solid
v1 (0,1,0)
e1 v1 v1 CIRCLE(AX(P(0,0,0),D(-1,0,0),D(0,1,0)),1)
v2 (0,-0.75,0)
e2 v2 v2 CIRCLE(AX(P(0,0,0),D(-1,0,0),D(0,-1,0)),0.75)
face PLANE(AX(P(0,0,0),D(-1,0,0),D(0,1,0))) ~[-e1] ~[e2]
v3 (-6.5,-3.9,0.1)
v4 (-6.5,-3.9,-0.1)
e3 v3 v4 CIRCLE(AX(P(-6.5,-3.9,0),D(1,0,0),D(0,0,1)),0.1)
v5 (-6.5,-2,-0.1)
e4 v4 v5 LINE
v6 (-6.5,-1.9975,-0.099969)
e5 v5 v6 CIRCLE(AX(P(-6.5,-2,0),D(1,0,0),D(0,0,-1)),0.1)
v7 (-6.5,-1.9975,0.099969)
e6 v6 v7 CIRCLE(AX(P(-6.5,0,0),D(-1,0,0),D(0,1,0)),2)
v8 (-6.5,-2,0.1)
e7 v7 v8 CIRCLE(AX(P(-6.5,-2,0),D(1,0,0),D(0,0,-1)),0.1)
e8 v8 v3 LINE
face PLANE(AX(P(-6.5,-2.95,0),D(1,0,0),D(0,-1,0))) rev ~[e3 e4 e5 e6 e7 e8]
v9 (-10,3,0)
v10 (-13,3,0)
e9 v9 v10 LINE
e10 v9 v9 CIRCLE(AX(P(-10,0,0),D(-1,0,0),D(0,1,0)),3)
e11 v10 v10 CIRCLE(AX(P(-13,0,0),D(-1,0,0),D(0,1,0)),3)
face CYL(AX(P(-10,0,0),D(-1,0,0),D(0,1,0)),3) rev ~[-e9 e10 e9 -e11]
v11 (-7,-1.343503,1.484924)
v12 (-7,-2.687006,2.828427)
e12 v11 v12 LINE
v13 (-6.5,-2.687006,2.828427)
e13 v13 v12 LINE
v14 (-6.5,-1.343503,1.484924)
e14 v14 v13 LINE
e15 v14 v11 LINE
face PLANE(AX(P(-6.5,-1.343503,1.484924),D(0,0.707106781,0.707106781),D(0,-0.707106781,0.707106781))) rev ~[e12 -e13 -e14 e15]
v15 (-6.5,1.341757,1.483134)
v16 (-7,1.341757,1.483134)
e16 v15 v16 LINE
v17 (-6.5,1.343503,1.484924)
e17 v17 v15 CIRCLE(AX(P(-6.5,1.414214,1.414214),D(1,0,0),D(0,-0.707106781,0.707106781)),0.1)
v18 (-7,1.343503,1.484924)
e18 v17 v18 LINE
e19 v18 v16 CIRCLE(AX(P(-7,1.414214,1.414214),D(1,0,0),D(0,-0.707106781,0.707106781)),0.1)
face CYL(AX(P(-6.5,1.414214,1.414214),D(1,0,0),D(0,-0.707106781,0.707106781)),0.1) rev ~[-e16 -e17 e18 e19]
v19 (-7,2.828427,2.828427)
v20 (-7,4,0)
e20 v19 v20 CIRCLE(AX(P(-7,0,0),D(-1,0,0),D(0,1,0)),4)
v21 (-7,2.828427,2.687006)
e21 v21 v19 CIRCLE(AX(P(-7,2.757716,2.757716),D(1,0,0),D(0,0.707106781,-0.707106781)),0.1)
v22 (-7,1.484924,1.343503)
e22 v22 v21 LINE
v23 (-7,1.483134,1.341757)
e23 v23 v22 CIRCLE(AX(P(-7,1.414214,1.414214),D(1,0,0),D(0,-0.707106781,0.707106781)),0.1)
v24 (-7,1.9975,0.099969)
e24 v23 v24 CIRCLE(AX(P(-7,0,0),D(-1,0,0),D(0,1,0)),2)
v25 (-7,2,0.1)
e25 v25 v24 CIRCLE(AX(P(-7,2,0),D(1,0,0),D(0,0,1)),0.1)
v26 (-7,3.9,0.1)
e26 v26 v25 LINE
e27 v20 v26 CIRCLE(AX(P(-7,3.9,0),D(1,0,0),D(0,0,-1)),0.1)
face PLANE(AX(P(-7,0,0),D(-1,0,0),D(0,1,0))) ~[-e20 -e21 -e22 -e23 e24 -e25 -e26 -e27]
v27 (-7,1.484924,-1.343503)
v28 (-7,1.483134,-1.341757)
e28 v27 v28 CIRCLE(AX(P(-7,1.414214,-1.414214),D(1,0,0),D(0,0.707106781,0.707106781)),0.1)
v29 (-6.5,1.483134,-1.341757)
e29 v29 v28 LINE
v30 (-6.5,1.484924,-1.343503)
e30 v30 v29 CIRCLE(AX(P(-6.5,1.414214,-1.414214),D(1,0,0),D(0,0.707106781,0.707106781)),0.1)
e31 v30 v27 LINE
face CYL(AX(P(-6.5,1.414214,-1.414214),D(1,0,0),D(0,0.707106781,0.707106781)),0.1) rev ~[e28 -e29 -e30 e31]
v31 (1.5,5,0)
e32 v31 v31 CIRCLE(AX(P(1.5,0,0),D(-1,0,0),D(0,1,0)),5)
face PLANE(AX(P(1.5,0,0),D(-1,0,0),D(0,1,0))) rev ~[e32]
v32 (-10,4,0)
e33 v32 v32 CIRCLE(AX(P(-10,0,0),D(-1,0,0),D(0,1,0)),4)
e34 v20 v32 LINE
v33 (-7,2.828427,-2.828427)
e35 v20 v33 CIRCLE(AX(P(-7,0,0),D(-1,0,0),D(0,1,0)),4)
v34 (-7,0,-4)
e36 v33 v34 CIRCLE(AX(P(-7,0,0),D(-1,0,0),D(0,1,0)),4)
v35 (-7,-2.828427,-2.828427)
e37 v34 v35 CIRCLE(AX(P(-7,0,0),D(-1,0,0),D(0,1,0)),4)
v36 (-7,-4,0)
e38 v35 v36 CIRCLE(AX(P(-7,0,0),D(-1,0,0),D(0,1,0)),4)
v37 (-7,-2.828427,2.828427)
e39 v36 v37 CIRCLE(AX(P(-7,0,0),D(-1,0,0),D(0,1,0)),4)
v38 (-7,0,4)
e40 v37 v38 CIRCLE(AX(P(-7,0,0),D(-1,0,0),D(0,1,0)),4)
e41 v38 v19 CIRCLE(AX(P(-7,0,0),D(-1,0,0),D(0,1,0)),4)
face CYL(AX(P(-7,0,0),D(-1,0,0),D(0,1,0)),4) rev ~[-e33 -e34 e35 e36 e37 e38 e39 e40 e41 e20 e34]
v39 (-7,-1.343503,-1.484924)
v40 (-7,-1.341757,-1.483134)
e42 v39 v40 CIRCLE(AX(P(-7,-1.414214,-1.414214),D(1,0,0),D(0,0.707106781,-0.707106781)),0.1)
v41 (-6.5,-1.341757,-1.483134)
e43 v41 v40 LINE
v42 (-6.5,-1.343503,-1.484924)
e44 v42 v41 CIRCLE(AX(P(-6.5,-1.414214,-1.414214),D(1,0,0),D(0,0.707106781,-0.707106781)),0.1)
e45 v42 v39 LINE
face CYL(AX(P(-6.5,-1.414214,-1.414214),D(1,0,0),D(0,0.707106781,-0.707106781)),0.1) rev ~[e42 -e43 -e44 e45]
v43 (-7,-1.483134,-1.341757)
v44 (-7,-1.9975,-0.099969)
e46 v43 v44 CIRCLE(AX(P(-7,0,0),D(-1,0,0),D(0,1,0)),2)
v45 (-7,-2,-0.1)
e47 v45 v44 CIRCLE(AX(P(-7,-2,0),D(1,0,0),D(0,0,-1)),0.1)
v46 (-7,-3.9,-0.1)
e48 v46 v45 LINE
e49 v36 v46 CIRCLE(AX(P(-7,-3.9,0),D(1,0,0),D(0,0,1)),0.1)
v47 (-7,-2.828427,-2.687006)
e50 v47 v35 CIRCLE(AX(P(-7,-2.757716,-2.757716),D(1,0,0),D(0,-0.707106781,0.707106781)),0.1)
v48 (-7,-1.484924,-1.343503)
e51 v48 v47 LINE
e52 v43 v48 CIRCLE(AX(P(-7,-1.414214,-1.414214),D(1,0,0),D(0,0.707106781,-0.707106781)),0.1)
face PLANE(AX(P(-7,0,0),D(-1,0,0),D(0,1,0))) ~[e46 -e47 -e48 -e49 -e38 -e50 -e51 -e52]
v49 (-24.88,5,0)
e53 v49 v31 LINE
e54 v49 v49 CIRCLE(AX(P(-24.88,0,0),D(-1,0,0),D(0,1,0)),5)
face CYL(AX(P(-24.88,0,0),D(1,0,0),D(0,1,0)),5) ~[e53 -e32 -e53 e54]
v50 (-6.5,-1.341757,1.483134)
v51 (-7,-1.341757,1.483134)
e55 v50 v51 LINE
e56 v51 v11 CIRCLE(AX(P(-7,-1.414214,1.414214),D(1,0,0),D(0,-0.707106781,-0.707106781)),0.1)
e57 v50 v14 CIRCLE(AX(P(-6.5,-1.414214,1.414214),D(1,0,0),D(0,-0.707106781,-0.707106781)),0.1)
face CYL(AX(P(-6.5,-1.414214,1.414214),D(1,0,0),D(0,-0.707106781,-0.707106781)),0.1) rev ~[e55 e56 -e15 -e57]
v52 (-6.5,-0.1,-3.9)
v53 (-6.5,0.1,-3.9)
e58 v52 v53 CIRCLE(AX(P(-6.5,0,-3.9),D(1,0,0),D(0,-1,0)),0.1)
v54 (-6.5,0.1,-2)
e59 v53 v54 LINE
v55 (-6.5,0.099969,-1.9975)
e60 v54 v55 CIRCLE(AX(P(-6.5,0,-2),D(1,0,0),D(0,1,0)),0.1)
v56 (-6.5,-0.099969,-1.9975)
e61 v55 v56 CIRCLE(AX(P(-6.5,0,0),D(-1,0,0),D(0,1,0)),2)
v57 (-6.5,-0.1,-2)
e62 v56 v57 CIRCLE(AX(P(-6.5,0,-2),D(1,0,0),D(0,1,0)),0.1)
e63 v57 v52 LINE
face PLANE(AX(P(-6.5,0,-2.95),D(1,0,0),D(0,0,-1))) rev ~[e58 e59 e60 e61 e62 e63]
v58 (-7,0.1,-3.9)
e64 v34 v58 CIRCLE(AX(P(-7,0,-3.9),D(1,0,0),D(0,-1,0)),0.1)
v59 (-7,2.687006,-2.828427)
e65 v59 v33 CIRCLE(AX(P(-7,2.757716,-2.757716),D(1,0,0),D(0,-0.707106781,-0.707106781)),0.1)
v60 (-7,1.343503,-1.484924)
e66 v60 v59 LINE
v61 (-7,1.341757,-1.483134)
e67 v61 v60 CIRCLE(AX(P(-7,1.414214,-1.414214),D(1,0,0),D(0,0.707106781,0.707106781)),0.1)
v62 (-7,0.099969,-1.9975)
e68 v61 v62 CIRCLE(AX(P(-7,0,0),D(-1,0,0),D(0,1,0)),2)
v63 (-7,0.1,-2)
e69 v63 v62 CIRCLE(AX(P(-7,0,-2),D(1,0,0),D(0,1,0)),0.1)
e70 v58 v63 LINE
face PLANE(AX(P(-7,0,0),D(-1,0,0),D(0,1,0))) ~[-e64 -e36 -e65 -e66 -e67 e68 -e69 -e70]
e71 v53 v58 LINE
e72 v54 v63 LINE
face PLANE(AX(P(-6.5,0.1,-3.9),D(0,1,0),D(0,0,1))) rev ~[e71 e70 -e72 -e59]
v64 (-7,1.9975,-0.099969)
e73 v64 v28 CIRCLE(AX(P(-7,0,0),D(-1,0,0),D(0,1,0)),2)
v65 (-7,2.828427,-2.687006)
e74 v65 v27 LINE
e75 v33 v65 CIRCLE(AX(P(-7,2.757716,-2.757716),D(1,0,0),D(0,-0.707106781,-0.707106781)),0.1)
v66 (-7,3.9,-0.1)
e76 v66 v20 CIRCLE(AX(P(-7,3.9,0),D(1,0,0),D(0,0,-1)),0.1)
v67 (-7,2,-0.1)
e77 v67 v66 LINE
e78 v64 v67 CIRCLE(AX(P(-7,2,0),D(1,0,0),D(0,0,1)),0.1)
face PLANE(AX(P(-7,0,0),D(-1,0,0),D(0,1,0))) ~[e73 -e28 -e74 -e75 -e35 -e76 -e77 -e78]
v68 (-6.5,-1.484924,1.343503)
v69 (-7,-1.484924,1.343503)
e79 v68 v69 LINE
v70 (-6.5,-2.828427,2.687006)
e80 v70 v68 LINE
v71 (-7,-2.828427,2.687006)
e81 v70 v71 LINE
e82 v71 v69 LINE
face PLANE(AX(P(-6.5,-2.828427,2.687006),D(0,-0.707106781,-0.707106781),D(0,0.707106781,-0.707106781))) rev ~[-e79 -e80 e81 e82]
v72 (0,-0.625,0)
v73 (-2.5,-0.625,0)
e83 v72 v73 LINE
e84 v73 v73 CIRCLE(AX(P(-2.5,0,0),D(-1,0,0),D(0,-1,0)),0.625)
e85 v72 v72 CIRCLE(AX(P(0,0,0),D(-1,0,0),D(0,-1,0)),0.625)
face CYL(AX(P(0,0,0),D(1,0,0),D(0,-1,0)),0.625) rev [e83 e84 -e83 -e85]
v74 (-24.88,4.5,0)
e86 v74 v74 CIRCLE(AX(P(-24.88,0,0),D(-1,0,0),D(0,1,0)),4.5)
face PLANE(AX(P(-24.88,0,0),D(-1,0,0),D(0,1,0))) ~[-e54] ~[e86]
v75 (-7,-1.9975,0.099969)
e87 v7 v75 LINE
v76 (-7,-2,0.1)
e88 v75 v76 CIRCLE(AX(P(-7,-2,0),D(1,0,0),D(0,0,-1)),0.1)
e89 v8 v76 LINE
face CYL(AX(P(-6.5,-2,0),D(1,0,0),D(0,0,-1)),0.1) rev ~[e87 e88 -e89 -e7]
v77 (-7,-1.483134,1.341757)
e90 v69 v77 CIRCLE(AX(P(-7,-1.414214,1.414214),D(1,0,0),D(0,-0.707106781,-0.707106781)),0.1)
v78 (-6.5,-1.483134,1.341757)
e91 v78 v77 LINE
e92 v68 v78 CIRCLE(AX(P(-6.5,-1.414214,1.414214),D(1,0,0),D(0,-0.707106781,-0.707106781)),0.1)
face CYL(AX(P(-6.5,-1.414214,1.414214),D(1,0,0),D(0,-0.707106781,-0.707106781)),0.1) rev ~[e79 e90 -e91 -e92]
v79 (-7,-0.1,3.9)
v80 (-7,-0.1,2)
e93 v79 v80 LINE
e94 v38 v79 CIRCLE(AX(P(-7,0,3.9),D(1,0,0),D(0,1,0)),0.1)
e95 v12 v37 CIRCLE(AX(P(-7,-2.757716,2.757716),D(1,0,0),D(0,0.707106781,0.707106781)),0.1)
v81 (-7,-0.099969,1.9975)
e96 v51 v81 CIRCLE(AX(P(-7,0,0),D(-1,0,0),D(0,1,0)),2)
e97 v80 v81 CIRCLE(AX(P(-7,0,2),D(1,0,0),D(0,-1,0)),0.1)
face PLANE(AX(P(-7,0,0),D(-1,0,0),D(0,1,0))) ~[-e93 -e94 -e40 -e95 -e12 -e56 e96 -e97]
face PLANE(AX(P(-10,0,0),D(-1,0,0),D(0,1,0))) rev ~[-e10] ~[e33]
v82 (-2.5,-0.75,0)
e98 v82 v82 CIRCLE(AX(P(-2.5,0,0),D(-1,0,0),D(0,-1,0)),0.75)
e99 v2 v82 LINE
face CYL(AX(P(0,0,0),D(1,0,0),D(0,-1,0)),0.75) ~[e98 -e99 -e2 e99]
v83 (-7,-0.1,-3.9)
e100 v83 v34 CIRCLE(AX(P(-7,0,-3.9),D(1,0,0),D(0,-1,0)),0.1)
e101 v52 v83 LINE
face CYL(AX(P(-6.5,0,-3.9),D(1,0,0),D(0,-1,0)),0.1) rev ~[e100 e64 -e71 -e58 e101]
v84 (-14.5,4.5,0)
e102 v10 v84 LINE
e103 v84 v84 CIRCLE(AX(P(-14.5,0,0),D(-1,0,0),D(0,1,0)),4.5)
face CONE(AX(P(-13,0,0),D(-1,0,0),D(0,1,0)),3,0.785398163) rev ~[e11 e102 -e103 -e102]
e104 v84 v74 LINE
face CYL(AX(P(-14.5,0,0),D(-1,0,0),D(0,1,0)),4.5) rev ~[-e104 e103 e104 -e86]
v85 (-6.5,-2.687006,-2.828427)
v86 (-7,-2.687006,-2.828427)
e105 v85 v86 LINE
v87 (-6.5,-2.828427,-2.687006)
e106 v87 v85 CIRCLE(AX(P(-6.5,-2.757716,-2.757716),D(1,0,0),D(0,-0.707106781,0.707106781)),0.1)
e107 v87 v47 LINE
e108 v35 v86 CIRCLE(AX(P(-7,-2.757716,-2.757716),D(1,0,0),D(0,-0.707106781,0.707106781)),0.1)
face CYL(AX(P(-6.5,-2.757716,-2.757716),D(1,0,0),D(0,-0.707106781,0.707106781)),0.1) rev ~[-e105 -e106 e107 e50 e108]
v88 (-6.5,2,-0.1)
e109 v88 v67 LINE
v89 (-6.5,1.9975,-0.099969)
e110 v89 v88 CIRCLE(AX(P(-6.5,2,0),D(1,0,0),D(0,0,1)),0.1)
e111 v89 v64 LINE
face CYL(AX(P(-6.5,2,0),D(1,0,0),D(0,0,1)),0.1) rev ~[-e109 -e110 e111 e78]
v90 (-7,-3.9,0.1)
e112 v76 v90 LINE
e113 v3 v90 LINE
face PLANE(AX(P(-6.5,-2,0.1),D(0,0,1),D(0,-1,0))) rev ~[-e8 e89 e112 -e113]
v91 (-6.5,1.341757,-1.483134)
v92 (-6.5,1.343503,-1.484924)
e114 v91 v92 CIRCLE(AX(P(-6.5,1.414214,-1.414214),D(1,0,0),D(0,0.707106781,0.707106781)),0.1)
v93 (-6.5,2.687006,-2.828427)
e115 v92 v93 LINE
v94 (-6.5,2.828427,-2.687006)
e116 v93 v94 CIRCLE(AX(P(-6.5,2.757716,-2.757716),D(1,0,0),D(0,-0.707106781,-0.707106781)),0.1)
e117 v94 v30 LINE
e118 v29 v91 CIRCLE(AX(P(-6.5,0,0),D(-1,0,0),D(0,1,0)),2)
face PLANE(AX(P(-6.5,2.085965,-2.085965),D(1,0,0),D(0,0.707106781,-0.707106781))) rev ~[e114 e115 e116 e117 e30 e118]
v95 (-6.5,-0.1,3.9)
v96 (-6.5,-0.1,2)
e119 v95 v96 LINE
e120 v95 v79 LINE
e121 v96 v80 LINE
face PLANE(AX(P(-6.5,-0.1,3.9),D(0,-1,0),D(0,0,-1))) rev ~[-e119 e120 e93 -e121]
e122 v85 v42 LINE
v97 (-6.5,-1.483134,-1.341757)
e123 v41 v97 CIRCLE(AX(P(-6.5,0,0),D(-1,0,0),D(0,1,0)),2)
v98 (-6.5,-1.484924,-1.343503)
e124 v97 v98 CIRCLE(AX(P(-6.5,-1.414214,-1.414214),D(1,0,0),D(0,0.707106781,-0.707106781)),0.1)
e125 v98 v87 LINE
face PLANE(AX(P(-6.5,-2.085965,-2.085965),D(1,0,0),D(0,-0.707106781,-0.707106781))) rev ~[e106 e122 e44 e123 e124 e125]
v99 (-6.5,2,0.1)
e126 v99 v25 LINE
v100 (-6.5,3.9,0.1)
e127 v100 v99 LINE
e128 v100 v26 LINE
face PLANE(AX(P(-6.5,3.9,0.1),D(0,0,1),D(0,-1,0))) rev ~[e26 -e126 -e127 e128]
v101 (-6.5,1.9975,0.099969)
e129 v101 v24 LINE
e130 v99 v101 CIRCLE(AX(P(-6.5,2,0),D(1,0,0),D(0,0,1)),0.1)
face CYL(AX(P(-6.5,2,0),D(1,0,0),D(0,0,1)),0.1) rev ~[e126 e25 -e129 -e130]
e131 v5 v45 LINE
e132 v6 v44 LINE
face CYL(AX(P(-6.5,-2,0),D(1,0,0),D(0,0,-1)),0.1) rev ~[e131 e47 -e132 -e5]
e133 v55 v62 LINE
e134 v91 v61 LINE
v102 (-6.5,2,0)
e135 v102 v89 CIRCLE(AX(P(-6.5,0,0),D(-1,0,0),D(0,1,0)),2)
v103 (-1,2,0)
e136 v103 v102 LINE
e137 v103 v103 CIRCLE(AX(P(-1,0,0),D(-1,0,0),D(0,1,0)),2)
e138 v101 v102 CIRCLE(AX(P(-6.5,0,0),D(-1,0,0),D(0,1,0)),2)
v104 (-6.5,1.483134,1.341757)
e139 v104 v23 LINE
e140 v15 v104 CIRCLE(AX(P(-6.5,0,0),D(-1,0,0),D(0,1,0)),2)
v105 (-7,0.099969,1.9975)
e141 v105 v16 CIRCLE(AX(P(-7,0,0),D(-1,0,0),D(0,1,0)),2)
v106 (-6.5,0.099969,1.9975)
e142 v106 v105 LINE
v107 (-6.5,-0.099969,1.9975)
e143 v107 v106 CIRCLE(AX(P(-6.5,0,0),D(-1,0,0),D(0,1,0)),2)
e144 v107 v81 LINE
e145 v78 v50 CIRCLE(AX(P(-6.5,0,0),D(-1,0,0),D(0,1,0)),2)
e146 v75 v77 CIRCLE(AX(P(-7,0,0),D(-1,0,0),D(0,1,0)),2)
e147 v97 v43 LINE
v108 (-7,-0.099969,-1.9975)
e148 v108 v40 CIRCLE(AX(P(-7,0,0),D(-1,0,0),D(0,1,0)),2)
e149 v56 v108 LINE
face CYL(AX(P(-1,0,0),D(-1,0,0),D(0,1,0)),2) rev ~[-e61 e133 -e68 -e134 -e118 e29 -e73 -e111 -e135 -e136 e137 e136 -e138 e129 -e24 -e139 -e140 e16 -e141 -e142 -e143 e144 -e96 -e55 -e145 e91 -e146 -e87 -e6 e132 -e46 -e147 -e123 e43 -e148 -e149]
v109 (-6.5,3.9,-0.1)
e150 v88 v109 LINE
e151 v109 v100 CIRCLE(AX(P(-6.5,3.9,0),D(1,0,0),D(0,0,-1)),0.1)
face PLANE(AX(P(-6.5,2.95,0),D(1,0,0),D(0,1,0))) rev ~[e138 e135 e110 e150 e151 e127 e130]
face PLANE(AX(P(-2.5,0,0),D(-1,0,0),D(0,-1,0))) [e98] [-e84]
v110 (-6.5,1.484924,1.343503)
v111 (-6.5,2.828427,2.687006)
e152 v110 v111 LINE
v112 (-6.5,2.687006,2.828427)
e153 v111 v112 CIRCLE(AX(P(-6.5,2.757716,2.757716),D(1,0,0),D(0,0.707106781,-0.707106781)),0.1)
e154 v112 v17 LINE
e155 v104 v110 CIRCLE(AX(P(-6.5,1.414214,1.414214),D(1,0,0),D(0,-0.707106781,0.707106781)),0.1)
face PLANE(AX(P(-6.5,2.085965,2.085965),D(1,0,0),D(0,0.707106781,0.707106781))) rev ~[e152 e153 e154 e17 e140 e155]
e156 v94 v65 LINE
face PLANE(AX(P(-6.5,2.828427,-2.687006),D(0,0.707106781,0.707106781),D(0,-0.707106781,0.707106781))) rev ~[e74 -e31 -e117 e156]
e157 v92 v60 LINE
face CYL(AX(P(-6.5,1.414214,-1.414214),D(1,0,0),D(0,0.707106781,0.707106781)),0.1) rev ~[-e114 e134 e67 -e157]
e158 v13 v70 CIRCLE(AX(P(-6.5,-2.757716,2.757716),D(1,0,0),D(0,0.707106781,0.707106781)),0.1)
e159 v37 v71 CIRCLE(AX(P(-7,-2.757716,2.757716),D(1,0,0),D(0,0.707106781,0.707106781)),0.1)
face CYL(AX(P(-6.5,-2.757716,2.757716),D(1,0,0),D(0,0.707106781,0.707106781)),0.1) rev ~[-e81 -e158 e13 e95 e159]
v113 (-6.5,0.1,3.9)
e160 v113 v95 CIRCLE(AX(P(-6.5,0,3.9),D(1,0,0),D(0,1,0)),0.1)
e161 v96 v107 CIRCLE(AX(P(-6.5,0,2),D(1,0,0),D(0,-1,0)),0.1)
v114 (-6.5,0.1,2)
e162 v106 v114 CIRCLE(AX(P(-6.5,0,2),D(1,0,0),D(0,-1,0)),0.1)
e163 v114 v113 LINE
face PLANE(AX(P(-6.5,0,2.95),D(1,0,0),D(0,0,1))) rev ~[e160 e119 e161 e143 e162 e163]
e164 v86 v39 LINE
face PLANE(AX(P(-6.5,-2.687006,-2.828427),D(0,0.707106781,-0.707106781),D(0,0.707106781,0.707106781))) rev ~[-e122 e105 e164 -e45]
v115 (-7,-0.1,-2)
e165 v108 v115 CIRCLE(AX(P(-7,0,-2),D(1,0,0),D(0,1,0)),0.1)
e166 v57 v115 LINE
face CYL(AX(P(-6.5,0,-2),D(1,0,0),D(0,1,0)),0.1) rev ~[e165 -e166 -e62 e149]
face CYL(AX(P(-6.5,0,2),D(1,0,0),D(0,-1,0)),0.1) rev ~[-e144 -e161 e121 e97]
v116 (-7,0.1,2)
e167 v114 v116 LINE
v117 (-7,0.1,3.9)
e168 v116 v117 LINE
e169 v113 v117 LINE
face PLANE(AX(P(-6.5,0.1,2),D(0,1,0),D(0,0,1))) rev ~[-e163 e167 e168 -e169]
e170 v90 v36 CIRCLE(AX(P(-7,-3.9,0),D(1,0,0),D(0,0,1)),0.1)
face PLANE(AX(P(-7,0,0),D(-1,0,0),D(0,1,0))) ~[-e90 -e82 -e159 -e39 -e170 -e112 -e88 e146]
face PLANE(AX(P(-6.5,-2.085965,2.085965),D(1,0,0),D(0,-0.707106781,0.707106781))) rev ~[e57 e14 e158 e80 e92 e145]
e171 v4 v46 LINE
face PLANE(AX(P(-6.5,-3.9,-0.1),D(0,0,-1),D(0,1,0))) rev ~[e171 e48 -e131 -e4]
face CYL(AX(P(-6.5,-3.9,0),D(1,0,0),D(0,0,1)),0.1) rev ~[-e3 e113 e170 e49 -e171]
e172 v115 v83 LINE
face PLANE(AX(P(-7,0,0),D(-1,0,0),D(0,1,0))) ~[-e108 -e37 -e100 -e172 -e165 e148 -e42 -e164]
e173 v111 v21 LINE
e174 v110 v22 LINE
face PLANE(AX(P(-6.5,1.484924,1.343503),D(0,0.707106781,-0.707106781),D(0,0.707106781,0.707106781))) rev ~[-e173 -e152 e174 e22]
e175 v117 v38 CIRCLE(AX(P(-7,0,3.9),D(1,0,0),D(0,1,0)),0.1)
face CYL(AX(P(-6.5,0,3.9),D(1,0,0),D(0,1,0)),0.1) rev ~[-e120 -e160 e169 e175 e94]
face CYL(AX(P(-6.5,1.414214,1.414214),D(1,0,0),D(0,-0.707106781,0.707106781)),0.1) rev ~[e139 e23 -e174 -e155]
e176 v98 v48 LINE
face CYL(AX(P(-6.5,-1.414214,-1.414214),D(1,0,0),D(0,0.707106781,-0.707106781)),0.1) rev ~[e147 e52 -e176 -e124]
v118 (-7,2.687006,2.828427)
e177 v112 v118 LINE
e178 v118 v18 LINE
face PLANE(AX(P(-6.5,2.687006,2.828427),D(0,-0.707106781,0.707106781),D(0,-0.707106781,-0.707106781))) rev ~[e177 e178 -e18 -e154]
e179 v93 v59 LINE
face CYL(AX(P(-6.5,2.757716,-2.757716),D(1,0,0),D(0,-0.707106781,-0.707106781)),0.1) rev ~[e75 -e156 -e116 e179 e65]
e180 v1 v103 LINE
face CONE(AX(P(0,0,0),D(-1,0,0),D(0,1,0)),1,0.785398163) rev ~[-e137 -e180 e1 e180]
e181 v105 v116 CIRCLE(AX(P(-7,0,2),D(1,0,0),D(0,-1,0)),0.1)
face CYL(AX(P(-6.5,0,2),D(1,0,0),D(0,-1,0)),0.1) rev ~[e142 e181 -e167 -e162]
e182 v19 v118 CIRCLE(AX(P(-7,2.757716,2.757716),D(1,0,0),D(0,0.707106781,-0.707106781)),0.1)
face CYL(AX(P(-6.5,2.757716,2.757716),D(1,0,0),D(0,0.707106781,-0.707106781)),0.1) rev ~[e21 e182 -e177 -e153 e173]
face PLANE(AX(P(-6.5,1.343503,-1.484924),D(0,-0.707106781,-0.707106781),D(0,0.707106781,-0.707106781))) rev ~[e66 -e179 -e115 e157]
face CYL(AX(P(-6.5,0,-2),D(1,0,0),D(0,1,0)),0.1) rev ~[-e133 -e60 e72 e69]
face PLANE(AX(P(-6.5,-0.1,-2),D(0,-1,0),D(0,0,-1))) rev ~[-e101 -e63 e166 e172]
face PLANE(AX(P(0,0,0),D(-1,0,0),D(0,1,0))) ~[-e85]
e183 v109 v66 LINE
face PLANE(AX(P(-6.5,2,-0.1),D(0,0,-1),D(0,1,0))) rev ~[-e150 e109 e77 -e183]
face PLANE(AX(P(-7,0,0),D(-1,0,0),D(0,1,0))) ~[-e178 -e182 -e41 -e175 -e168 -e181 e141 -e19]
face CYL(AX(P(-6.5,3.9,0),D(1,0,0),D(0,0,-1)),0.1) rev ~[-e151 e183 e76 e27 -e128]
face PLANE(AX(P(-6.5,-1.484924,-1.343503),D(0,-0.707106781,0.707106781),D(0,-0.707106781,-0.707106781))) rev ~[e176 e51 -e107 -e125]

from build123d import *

# Parameters (mm, degrees)
CUT_EXTRUDE1_START  = -0.5
CUT_EXTRUDE1_DEPTH  = 2
CIRPATTERN1_COUNT   = 8
SKETCH3_R           = 0.75
SKETCH3_R_2         = 0.625
BOSS_EXTRUDE1_DEPTH = 2.5


with BuildPart() as part:
    # Sketch1 → Revolve1 (revolve)
    with BuildSketch(Plane.XY):
        Polygon((0, 0), (0, 1), (-1, 2), (-7, 2), (-7, 4), (-10, 4), (-10, 3), (-13, 3), (-14.5, 4.5), (-24.88, 4.5), (-24.88, 5), (1.5, 5), (1.5, 0), align=None)
    revolve(axis=Axis((1.5, 0, 0), (-1, 0, 0)))

    # Sketch2 → Cut-Extrude1 (cut)
    with BuildSketch(Plane.ZY.offset(7).offset(CUT_EXTRUDE1_START)):
        with BuildLine():
            Line((-2, -0.1), (-3.9, -0.1))
            ThreePointArc((-3.9, -0.1), (-4, 0), (-3.9, 0.1))
            Line((-3.9, 0.1), (-2, 0.1))
            ThreePointArc((-2, 0.1), (-1.9, 0), (-2, -0.1))
        make_face()
    cut_extrude1 = extrude(amount=CUT_EXTRUDE1_DEPTH, mode=Mode.SUBTRACT)

    # CirPattern1: Cut-Extrude1 ×8 about axis
    cirpattern1_axis = Axis((0, 0, 0), (1, 0, 0))
    for i in range(1, CIRPATTERN1_COUNT):
        add(cut_extrude1.rotate(cirpattern1_axis, i * 360 / CIRPATTERN1_COUNT), mode=Mode.SUBTRACT)

    # Sketch3 → Boss-Extrude1 (add)
    with BuildSketch(Plane.ZY):
        with Locations(Location((0, 0, 0), (0, 0, 270))):
            Circle(SKETCH3_R)
        with Locations(Location((0, 0, 0), (0, 0, 270))):
            Circle(SKETCH3_R_2, mode=Mode.SUBTRACT)
    extrude(amount=BOSS_EXTRUDE1_DEPTH)


solid = part.part
